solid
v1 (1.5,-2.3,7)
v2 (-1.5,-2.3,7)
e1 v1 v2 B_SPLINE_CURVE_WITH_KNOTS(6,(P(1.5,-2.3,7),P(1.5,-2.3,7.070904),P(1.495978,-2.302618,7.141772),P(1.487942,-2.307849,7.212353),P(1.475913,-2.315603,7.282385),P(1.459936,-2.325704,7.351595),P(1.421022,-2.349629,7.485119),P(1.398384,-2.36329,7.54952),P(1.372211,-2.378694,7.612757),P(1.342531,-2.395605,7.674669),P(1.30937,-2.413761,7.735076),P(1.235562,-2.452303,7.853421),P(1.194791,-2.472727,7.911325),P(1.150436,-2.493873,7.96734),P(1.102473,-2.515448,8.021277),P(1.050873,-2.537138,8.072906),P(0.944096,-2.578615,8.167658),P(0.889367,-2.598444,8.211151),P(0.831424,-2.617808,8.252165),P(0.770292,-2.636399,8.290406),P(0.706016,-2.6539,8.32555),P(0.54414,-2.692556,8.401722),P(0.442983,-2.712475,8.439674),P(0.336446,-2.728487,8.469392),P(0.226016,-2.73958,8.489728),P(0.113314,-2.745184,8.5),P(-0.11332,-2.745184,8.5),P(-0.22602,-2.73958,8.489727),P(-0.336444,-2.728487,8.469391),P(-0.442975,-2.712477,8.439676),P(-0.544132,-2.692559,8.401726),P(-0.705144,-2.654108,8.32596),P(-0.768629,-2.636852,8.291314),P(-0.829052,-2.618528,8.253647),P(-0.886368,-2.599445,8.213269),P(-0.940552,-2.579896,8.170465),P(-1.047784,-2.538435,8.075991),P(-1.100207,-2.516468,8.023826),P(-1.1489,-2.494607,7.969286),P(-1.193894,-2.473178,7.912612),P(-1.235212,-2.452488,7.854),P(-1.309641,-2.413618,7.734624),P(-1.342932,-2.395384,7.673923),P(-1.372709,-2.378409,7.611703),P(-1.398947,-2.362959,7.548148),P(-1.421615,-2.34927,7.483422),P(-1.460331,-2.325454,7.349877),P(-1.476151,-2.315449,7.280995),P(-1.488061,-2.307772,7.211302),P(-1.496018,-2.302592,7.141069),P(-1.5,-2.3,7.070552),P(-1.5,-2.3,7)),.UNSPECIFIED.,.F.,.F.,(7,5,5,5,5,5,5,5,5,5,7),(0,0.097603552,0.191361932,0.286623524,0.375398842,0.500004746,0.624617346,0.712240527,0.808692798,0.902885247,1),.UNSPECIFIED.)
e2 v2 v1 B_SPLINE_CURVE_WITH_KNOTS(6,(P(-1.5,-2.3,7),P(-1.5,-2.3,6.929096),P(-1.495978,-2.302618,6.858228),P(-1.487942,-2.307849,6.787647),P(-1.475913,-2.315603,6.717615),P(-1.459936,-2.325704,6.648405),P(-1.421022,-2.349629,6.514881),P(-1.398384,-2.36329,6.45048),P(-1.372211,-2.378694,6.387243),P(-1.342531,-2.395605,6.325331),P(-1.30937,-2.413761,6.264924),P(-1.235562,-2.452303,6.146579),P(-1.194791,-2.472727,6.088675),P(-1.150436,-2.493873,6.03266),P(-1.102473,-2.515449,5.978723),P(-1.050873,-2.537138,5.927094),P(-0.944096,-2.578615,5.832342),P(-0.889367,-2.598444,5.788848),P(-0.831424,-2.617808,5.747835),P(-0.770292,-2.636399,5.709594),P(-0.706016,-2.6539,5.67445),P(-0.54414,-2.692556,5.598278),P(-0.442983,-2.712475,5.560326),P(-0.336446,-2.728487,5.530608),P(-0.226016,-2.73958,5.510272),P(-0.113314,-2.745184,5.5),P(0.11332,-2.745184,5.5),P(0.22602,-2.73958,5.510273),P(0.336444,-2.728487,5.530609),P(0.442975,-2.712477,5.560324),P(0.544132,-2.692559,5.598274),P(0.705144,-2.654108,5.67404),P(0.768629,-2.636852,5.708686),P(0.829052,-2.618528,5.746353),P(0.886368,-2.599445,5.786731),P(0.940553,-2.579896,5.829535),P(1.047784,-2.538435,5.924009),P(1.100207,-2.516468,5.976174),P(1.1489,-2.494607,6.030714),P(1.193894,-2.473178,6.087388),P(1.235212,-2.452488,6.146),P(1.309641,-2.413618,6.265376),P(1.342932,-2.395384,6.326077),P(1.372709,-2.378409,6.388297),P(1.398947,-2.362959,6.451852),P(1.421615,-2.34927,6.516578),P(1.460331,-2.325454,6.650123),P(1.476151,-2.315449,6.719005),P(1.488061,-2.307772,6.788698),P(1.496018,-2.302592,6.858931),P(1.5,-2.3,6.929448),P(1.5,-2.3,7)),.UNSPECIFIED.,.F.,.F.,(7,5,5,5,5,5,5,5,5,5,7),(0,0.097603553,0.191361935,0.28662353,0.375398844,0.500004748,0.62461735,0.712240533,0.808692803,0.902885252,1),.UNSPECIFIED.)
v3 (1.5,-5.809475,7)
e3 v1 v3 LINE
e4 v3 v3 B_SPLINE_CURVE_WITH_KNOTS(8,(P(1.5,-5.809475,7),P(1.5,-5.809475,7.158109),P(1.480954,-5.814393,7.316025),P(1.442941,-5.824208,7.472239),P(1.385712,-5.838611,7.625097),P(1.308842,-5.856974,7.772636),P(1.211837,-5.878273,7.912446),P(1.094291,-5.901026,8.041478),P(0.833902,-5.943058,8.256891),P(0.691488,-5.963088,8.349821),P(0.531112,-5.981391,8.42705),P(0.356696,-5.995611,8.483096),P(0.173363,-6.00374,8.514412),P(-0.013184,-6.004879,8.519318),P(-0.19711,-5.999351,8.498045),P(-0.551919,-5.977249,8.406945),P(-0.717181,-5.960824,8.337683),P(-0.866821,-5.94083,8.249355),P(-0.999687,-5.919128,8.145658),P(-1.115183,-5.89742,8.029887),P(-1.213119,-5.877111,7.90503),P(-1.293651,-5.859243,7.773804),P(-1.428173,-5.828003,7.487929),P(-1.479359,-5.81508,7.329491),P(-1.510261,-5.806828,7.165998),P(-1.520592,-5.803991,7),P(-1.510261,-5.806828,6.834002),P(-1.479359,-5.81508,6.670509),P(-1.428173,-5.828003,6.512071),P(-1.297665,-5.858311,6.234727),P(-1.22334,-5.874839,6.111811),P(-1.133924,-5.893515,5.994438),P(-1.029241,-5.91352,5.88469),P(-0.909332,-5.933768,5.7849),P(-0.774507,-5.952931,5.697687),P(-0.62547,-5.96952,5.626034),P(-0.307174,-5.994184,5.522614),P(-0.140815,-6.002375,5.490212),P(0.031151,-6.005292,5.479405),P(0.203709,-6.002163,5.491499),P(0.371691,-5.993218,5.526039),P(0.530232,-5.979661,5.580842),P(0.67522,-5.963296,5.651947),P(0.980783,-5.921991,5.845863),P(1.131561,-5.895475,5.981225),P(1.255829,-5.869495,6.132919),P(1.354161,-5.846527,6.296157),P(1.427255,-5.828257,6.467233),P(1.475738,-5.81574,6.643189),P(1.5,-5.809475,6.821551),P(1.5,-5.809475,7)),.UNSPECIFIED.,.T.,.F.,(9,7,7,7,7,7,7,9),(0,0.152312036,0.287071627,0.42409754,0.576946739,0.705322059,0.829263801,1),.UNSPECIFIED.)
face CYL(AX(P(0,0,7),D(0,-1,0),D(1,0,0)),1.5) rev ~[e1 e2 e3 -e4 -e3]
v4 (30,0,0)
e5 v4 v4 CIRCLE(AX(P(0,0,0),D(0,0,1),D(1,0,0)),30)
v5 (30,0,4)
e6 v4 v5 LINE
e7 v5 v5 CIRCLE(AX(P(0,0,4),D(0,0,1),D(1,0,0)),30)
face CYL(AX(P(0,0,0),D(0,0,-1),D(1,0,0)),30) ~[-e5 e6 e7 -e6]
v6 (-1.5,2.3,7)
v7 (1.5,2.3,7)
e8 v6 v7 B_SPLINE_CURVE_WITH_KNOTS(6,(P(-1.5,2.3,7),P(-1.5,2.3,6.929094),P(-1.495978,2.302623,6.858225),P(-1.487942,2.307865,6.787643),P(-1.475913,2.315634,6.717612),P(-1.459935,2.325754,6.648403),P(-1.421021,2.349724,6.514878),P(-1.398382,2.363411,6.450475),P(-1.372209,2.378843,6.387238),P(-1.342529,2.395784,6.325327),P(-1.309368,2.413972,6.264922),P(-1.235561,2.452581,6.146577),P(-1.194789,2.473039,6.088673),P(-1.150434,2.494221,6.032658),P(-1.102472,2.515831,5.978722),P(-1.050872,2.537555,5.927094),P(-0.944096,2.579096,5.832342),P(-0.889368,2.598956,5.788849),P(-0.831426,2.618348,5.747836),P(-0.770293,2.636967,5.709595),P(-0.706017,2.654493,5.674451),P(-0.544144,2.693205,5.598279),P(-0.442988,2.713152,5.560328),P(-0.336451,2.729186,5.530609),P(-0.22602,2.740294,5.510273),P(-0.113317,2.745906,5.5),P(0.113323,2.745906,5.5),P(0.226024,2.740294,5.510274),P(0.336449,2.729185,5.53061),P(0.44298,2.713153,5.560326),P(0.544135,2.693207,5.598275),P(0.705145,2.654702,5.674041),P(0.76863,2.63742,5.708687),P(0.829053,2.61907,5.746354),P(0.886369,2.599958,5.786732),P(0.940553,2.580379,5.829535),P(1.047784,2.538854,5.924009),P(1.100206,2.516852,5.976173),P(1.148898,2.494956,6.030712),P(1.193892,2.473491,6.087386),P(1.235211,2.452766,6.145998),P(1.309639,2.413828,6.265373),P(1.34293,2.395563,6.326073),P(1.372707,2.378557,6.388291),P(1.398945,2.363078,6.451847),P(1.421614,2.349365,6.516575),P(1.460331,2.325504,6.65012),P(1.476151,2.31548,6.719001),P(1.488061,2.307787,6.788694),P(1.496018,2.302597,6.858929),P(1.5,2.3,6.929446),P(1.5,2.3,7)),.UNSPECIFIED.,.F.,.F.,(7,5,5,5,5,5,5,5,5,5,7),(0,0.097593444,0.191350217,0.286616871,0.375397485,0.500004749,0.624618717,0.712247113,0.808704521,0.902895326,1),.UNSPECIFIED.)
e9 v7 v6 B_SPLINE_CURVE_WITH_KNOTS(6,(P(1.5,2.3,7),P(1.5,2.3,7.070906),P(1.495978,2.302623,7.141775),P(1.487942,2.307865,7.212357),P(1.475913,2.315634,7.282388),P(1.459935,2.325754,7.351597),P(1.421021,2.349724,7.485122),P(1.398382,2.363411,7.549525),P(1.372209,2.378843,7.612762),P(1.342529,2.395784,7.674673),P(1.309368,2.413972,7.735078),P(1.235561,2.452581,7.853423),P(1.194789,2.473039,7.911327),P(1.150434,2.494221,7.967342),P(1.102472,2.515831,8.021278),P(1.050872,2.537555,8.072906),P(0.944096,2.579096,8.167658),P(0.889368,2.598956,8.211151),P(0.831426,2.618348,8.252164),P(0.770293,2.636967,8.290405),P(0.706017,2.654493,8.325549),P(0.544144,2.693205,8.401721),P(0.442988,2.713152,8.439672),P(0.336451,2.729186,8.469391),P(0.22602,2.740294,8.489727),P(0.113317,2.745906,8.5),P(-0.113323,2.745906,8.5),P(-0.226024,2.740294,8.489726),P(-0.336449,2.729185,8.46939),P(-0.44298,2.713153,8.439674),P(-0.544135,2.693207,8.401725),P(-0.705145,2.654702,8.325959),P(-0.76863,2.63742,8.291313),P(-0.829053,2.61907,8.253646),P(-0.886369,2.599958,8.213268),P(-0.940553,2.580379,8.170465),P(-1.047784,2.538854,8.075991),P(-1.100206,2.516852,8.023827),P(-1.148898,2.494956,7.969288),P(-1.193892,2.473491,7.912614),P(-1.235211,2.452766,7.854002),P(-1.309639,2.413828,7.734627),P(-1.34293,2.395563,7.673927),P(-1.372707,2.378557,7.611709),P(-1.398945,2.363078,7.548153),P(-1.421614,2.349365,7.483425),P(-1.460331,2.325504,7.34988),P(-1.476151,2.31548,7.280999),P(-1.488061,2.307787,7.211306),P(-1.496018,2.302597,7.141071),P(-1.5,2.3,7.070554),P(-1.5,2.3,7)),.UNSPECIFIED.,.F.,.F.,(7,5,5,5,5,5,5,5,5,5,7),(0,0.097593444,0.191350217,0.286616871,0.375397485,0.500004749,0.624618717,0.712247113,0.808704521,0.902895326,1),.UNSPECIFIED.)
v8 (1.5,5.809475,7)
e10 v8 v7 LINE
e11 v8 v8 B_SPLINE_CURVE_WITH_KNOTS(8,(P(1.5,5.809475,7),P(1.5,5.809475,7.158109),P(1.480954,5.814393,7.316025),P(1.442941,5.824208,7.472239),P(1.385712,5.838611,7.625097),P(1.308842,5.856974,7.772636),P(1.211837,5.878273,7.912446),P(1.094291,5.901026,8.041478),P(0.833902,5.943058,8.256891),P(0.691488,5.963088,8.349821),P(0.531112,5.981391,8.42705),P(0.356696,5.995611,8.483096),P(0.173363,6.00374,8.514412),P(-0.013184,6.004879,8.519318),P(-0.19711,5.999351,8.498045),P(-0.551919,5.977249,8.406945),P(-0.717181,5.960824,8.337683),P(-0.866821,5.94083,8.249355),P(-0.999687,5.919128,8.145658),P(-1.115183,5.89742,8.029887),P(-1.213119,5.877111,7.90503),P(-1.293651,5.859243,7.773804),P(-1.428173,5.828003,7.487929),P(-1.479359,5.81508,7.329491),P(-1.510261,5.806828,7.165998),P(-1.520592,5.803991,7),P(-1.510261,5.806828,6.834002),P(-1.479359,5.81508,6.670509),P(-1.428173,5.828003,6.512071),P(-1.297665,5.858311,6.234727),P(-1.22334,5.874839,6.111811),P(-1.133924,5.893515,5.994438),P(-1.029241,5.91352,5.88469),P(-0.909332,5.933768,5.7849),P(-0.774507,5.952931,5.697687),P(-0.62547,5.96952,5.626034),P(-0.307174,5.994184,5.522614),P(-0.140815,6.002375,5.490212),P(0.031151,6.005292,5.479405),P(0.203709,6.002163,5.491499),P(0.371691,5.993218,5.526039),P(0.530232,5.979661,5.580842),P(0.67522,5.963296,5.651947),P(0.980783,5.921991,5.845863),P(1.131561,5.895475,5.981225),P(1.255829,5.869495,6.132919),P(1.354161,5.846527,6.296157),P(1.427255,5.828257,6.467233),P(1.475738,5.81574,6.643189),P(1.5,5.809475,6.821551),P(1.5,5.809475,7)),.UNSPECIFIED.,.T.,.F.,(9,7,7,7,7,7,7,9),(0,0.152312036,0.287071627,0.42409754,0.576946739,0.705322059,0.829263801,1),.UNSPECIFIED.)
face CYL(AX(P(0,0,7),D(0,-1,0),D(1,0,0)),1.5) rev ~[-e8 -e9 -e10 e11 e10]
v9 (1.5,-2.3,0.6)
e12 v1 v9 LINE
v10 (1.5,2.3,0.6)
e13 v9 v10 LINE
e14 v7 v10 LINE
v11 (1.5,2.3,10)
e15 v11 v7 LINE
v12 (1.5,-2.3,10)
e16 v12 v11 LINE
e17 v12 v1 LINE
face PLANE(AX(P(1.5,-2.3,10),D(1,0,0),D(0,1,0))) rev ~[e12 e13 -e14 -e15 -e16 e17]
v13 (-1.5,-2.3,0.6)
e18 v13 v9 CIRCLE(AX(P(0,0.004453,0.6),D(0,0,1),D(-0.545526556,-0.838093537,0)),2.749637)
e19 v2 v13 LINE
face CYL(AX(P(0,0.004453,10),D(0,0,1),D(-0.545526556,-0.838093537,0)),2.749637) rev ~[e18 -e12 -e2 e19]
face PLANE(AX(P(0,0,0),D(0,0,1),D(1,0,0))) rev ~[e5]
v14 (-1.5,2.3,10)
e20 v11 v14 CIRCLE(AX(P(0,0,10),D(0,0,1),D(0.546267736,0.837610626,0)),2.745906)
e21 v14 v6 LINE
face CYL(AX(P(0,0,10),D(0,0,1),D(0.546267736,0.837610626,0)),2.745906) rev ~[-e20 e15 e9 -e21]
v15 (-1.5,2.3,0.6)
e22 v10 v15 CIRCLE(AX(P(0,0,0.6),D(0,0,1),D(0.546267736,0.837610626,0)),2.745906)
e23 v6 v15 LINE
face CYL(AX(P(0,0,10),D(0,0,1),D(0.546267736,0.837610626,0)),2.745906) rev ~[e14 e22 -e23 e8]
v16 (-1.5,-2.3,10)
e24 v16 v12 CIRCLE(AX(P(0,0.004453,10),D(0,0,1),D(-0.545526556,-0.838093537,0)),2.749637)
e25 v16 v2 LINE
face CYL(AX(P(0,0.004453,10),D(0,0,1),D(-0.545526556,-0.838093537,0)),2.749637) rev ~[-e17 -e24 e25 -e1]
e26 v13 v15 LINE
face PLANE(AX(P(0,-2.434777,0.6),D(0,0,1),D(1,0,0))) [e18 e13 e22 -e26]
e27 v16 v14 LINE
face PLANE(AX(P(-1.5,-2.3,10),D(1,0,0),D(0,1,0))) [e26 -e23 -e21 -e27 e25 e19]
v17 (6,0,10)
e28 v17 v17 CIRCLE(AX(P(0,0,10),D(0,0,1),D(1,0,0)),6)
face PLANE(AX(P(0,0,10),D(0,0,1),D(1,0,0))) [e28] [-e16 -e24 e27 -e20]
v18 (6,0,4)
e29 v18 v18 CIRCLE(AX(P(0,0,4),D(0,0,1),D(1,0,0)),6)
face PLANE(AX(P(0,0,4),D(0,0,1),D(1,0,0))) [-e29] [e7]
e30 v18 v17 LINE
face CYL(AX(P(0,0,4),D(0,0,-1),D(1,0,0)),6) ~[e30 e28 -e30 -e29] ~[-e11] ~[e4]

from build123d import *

# Parameters (mm, degrees)
F0_R     = 30
F1_DEPTH = 4
F2_R     = 6
F3_DEPTH = 6
F4_R     = 1.5
F5_DEPTH = 12.5
F6_W     = 3
F6_H     = 4.6
F7_DEPTH = 9.4


with BuildPart() as f1:
    # F0 (on Top) → F1 (new body)
    with BuildSketch(Plane.XY):
        Circle(F0_R)
    extrude(amount=F1_DEPTH)

    # F2 (on face) → F3 (join)
    with BuildSketch(Plane.XY.offset(4)):
        Circle(F2_R)
    extrude(amount=F3_DEPTH)

    # F4 (on Front) → F5 (cut, symmetric)
    with BuildSketch(Plane.XZ):
        with Locations((0, 7)):
            Circle(F4_R)
    extrude(amount=F5_DEPTH, both=True, mode=Mode.SUBTRACT)

    # F6 (on face) → F7 (cut)
    with BuildSketch(Plane.XY.offset(10)):
        with BuildLine():
            ThreePointArc((-1.5, -2.3), (0, -2.745184), (1.5, -2.3))
            Line((1.5, -2.3), (-1.5, -2.3))
        make_face()
        Rectangle(F6_W, F6_H)
        with BuildLine():
            Line((-1.5, 2.3), (1.5, 2.3))
            ThreePointArc((1.5, 2.3), (0, 2.745906), (-1.5, 2.3))
        make_face()
    extrude(amount=-F7_DEPTH, mode=Mode.SUBTRACT)


solid = f1.part
